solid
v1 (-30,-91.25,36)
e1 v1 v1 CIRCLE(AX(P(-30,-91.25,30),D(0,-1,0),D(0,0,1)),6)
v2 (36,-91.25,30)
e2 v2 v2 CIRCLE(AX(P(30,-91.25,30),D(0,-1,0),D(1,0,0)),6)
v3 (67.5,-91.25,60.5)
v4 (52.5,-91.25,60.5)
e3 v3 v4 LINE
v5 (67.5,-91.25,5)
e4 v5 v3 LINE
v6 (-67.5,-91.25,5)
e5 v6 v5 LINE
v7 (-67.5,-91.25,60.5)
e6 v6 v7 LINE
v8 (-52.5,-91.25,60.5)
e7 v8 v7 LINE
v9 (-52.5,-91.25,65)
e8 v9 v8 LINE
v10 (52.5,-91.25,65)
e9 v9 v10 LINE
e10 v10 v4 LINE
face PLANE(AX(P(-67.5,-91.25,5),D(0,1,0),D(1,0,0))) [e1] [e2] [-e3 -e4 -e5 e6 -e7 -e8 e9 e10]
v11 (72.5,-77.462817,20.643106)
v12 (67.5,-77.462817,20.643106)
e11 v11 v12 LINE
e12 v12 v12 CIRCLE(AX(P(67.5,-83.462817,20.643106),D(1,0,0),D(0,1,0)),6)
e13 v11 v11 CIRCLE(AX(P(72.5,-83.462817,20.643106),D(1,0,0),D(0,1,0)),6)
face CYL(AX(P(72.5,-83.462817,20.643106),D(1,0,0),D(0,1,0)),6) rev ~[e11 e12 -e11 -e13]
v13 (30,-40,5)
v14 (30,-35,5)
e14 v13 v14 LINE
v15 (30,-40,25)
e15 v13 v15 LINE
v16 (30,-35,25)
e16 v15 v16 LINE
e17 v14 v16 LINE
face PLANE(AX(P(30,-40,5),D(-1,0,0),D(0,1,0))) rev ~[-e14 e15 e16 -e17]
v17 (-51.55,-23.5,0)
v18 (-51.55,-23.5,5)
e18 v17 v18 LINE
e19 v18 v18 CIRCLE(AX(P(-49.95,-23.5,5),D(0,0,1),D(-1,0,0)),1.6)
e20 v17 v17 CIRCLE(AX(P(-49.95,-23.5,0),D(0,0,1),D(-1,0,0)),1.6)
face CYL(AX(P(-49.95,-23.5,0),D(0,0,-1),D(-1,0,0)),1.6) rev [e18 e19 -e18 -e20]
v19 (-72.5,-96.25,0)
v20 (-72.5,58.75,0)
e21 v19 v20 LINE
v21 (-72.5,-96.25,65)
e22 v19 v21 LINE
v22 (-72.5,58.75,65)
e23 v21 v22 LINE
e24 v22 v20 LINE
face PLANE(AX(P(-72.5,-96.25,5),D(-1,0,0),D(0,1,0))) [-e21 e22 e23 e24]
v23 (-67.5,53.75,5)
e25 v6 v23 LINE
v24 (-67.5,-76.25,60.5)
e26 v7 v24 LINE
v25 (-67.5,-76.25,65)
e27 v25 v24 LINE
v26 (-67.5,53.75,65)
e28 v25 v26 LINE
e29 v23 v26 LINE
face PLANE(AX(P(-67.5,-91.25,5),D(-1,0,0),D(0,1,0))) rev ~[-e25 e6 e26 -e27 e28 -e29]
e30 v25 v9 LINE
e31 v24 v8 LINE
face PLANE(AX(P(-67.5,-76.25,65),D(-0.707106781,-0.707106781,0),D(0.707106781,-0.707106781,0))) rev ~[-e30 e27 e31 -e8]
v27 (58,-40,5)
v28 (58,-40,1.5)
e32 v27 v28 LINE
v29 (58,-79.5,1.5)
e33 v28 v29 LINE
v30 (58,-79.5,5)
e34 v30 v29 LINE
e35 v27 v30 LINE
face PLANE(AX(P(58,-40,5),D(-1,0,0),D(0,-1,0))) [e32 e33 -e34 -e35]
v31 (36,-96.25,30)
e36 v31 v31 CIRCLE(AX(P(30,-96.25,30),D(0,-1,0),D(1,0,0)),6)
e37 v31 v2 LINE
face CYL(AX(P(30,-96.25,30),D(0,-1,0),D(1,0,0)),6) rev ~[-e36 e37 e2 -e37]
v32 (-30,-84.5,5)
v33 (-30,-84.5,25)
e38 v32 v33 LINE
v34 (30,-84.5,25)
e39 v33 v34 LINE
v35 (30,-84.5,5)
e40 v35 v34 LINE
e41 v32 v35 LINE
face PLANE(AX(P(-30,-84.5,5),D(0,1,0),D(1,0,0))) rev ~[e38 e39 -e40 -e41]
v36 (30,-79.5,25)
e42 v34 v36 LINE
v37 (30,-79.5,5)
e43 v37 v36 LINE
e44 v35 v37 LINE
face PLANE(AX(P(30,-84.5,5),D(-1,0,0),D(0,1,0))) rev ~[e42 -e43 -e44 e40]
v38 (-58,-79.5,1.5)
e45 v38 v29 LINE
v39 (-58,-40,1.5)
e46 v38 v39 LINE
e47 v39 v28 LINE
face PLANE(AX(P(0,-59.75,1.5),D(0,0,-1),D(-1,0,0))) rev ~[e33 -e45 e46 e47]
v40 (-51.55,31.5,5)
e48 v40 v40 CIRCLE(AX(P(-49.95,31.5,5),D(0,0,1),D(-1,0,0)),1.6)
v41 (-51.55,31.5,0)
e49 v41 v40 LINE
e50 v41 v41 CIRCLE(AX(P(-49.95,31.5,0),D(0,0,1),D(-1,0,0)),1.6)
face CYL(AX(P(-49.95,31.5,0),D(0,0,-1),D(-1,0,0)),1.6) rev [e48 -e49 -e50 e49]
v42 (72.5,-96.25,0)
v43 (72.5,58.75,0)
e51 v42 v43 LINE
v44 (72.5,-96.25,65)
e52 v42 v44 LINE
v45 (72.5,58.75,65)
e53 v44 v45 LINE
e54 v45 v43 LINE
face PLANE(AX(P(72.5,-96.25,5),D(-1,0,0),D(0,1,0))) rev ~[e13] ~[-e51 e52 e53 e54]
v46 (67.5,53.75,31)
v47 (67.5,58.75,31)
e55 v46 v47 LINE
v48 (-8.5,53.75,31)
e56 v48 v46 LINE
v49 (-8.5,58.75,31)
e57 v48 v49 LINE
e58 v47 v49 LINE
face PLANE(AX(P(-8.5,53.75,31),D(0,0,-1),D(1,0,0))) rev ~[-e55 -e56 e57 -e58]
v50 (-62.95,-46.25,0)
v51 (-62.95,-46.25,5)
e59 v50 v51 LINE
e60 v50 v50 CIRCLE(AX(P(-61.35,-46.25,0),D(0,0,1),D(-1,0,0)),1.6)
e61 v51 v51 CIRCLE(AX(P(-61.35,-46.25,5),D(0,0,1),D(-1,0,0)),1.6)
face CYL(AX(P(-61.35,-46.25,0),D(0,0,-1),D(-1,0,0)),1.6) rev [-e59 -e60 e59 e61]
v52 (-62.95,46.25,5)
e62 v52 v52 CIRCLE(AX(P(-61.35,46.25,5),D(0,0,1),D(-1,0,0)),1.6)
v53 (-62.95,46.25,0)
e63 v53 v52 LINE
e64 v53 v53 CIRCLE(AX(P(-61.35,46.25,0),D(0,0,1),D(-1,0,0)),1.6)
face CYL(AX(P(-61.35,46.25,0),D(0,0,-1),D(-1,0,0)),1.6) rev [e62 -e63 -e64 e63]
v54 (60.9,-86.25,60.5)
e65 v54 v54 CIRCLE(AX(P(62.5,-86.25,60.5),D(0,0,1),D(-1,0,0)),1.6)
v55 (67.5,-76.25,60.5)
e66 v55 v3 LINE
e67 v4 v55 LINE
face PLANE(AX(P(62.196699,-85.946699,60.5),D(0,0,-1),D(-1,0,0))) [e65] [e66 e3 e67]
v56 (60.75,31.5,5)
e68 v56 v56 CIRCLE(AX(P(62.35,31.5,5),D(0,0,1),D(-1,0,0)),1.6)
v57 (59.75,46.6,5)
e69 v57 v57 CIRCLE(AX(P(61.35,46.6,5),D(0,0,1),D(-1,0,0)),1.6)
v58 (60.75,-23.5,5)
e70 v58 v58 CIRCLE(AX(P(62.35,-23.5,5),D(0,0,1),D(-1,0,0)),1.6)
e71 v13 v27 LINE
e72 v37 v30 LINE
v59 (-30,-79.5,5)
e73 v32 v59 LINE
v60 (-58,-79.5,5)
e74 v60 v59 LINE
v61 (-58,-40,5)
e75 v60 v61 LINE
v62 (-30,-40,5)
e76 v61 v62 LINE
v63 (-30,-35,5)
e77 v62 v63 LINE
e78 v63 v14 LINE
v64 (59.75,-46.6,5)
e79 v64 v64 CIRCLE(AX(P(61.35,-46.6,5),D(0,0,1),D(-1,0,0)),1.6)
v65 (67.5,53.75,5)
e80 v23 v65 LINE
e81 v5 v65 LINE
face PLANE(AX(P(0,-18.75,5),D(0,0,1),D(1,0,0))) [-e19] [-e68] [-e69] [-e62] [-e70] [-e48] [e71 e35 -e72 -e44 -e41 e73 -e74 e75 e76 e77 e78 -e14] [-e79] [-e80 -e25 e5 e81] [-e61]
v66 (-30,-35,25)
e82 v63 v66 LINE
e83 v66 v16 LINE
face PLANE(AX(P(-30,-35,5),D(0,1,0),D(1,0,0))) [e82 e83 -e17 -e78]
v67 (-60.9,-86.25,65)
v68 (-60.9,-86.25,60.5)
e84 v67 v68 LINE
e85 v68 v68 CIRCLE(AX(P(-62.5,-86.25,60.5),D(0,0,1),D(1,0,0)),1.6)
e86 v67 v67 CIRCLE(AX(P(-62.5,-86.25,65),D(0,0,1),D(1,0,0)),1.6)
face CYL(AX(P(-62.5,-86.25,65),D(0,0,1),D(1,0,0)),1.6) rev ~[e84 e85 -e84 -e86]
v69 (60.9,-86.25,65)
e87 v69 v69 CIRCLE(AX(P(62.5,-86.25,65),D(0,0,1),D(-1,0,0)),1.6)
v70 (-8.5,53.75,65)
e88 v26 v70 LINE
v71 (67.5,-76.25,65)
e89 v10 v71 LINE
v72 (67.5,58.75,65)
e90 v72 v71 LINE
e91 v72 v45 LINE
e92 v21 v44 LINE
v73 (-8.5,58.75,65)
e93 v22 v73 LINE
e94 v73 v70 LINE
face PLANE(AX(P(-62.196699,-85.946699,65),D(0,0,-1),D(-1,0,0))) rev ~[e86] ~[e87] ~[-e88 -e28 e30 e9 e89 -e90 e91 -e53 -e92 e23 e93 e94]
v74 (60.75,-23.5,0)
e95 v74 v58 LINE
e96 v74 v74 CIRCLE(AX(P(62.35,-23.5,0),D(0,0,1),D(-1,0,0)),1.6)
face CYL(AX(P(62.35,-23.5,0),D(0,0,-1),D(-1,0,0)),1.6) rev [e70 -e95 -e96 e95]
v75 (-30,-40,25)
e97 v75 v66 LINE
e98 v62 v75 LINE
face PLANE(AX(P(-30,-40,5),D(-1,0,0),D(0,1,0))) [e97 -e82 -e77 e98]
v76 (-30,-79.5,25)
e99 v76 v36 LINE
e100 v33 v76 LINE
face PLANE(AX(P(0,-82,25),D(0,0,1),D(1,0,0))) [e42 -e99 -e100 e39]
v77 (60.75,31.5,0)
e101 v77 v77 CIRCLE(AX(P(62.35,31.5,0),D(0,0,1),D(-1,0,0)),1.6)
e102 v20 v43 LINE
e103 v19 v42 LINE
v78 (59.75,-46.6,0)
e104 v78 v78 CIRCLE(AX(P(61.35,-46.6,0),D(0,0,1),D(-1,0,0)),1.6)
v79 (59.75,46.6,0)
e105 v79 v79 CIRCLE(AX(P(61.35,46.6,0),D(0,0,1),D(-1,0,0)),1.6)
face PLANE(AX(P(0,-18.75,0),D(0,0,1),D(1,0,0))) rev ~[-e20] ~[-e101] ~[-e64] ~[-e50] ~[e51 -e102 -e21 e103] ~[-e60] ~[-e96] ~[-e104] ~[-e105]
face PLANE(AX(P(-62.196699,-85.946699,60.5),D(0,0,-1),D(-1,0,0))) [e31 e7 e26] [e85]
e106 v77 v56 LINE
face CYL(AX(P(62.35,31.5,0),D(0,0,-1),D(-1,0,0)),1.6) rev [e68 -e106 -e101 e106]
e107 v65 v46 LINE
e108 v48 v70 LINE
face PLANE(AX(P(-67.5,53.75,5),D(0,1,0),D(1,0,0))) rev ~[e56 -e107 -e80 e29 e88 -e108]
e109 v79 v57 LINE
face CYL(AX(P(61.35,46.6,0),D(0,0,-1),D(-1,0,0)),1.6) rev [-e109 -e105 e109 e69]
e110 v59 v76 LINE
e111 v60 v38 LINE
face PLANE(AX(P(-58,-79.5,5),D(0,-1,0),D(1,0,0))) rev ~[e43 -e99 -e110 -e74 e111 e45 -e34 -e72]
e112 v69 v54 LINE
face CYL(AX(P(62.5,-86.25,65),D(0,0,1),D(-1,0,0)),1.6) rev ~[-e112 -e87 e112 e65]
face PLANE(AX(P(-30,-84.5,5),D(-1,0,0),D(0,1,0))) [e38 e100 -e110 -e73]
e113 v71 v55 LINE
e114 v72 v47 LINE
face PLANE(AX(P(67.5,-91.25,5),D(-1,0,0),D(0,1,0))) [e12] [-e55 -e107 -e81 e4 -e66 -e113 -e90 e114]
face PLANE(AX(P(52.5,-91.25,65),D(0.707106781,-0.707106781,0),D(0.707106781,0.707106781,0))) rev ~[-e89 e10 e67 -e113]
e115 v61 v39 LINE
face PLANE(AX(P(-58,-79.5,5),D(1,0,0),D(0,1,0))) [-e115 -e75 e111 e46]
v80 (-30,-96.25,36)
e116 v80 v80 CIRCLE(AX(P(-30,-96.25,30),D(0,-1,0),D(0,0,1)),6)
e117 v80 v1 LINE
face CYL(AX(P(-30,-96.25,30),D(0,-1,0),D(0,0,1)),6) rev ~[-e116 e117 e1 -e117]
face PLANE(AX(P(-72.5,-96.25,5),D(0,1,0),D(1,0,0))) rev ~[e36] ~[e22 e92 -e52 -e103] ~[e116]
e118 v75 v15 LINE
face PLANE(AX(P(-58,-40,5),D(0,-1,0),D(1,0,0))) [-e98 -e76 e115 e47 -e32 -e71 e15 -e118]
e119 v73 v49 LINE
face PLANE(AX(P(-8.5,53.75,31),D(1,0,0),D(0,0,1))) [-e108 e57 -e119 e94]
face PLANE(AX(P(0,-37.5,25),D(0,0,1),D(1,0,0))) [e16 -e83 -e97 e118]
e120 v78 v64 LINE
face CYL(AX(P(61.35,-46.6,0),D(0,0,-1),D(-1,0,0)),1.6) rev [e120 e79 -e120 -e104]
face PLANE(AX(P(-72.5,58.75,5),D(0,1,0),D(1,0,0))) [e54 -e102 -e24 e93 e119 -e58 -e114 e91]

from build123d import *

# Parameters (mm, degrees)
SKETCH_1_W          = 145
SKETCH_1_H          = 155
SKETCH_1_R          = 1.6
EXTRUDE_1_DEPTH     = 5
SKETCH_2_W          = 60
SKETCH_2_H          = 5
EXTRUDE_2_DEPTH     = 20
SKETCH_3_W          = 145
SKETCH_3_H          = 155
SKETCH_3_W_2        = 135
SKETCH_3_H_2        = 145
EXTRUDE_3_DEPTH     = 60
SKETCH_8_R          = 1.6
EXTRUDE_7_DEPTH     = 4.5
SKETCH_9_W          = 76
SKETCH_9_H          = 90
CUT_EXTRUDE_1_DEPTH = 10
CUT_EXTRUDE_2_DEPTH = 3.5
SKETCH_14_R         = 6
CUT_EXTRUDE_3_DEPTH = 10
SKETCH_15_R         = 6
CUT_EXTRUDE_4_DEPTH = 10


with BuildPart() as part:
    # 草图1 → 凸台-拉伸1 (new body)
    with BuildSketch(Plane.XY):
        with Locations((0, -18.75)):
            Rectangle(SKETCH_1_W, SKETCH_1_H)
        with Locations(Location((-61.35, 46.25, 0), (0, 0, 180))):
            Circle(SKETCH_1_R, mode=Mode.SUBTRACT)
        with Locations(Location((61.35, -46.6, 0), (0, 0, 180))):
            Circle(SKETCH_1_R, mode=Mode.SUBTRACT)
        with Locations(Location((61.35, 46.6, 0), (0, 0, 180))):
            Circle(SKETCH_1_R, mode=Mode.SUBTRACT)
        with Locations(Location((-61.35, -46.25, 0), (0, 0, 180))):
            Circle(SKETCH_1_R, mode=Mode.SUBTRACT)
        with Locations(Location((62.35, 31.5, 0), (0, 0, 180))):
            Circle(SKETCH_1_R, mode=Mode.SUBTRACT)
        with Locations(Location((62.35, -23.5, 0), (0, 0, 180))):
            Circle(SKETCH_1_R, mode=Mode.SUBTRACT)
        with Locations(Location((-49.95, 31.5, 0), (0, 0, 180))):
            Circle(SKETCH_1_R, mode=Mode.SUBTRACT)
        with Locations(Location((-49.95, -23.5, 0), (0, 0, 180))):
            Circle(SKETCH_1_R, mode=Mode.SUBTRACT)
    extrude(amount=EXTRUDE_1_DEPTH)

    # 草图2 → 凸台-拉伸2 (add)
    with BuildSketch(Plane.XY.offset(5)):
        with Locations((0, -37.5)):
            Rectangle(SKETCH_2_W, SKETCH_2_H)
        with Locations((0, -82)):
            Rectangle(SKETCH_2_W, SKETCH_2_H)
    extrude(amount=EXTRUDE_2_DEPTH)

    # 草图3 → 凸台-拉伸3 (add)
    with BuildSketch(Plane.XY.offset(5)):
        with Locations((0, -18.75)):
            Rectangle(SKETCH_3_W, SKETCH_3_H)
        with Locations((0, -18.75)):
            Rectangle(SKETCH_3_W_2, SKETCH_3_H_2, mode=Mode.SUBTRACT)
    extrude(amount=EXTRUDE_3_DEPTH)

    # 草图8 → 凸台-拉伸7 (add)
    # profile 1 of 2: a face of its own
    with BuildSketch(Plane.XY.offset(65)):
        Polygon((-67.5, -76.25), (-52.5, -91.25), (-67.5, -91.25), align=None)
        with Locations((-62.5, -86.25)):
            Circle(SKETCH_8_R, mode=Mode.SUBTRACT)
    # profile 2 of 2: a face of its own
    with BuildSketch(Plane.XY.offset(65)):
        Polygon((67.5, -91.25), (52.5, -91.25), (67.5, -76.25), align=None)
        with Locations(Location((62.5, -86.25, 0), (0, 0, 180))):
            Circle(SKETCH_8_R, mode=Mode.SUBTRACT)
    extrude(amount=-EXTRUDE_7_DEPTH)

    # 草图9 → 切除-拉伸1 (cut)
    with BuildSketch(Plane.XZ.offset(-53.75)):
        with Locations((29.5, 76)):
            Rectangle(SKETCH_9_W, SKETCH_9_H)
    extrude(amount=-CUT_EXTRUDE_1_DEPTH, mode=Mode.SUBTRACT)

    # 草图13 → 切除-拉伸2 (cut)
    with BuildSketch(Plane.XY.offset(5)):
        Polygon((-30, -79.5), (-58, -79.5), (-58, -40), (58, -40), (58, -79.5), align=None)
    extrude(amount=-CUT_EXTRUDE_2_DEPTH, mode=Mode.SUBTRACT)

    # 草图14 → 切除-拉伸3 (cut)
    with BuildSketch(Plane(origin=(72.5, 0, 0), x_dir=(0, 0, -1), z_dir=(1, 0, 0))):
        with Locations(Location((-20.643106149, -83.462816737, 0), (0, 0, 90))):
            Circle(SKETCH_14_R)
    extrude(amount=-CUT_EXTRUDE_3_DEPTH, mode=Mode.SUBTRACT)

    # 草图15 → 切除-拉伸4 (cut)
    with BuildSketch(Plane(origin=(0, -96.25, 0), x_dir=(-1, 0, 0), z_dir=(0, -1, 0))):
        with Locations(Location((-30, -30, 0), (0, 0, 180))):
            Circle(SKETCH_15_R)
        with Locations(Location((30, -30, 0), (0, 0, 270))):
            Circle(SKETCH_15_R)
    extrude(amount=-CUT_EXTRUDE_4_DEPTH, mode=Mode.SUBTRACT)


solid = part.part
